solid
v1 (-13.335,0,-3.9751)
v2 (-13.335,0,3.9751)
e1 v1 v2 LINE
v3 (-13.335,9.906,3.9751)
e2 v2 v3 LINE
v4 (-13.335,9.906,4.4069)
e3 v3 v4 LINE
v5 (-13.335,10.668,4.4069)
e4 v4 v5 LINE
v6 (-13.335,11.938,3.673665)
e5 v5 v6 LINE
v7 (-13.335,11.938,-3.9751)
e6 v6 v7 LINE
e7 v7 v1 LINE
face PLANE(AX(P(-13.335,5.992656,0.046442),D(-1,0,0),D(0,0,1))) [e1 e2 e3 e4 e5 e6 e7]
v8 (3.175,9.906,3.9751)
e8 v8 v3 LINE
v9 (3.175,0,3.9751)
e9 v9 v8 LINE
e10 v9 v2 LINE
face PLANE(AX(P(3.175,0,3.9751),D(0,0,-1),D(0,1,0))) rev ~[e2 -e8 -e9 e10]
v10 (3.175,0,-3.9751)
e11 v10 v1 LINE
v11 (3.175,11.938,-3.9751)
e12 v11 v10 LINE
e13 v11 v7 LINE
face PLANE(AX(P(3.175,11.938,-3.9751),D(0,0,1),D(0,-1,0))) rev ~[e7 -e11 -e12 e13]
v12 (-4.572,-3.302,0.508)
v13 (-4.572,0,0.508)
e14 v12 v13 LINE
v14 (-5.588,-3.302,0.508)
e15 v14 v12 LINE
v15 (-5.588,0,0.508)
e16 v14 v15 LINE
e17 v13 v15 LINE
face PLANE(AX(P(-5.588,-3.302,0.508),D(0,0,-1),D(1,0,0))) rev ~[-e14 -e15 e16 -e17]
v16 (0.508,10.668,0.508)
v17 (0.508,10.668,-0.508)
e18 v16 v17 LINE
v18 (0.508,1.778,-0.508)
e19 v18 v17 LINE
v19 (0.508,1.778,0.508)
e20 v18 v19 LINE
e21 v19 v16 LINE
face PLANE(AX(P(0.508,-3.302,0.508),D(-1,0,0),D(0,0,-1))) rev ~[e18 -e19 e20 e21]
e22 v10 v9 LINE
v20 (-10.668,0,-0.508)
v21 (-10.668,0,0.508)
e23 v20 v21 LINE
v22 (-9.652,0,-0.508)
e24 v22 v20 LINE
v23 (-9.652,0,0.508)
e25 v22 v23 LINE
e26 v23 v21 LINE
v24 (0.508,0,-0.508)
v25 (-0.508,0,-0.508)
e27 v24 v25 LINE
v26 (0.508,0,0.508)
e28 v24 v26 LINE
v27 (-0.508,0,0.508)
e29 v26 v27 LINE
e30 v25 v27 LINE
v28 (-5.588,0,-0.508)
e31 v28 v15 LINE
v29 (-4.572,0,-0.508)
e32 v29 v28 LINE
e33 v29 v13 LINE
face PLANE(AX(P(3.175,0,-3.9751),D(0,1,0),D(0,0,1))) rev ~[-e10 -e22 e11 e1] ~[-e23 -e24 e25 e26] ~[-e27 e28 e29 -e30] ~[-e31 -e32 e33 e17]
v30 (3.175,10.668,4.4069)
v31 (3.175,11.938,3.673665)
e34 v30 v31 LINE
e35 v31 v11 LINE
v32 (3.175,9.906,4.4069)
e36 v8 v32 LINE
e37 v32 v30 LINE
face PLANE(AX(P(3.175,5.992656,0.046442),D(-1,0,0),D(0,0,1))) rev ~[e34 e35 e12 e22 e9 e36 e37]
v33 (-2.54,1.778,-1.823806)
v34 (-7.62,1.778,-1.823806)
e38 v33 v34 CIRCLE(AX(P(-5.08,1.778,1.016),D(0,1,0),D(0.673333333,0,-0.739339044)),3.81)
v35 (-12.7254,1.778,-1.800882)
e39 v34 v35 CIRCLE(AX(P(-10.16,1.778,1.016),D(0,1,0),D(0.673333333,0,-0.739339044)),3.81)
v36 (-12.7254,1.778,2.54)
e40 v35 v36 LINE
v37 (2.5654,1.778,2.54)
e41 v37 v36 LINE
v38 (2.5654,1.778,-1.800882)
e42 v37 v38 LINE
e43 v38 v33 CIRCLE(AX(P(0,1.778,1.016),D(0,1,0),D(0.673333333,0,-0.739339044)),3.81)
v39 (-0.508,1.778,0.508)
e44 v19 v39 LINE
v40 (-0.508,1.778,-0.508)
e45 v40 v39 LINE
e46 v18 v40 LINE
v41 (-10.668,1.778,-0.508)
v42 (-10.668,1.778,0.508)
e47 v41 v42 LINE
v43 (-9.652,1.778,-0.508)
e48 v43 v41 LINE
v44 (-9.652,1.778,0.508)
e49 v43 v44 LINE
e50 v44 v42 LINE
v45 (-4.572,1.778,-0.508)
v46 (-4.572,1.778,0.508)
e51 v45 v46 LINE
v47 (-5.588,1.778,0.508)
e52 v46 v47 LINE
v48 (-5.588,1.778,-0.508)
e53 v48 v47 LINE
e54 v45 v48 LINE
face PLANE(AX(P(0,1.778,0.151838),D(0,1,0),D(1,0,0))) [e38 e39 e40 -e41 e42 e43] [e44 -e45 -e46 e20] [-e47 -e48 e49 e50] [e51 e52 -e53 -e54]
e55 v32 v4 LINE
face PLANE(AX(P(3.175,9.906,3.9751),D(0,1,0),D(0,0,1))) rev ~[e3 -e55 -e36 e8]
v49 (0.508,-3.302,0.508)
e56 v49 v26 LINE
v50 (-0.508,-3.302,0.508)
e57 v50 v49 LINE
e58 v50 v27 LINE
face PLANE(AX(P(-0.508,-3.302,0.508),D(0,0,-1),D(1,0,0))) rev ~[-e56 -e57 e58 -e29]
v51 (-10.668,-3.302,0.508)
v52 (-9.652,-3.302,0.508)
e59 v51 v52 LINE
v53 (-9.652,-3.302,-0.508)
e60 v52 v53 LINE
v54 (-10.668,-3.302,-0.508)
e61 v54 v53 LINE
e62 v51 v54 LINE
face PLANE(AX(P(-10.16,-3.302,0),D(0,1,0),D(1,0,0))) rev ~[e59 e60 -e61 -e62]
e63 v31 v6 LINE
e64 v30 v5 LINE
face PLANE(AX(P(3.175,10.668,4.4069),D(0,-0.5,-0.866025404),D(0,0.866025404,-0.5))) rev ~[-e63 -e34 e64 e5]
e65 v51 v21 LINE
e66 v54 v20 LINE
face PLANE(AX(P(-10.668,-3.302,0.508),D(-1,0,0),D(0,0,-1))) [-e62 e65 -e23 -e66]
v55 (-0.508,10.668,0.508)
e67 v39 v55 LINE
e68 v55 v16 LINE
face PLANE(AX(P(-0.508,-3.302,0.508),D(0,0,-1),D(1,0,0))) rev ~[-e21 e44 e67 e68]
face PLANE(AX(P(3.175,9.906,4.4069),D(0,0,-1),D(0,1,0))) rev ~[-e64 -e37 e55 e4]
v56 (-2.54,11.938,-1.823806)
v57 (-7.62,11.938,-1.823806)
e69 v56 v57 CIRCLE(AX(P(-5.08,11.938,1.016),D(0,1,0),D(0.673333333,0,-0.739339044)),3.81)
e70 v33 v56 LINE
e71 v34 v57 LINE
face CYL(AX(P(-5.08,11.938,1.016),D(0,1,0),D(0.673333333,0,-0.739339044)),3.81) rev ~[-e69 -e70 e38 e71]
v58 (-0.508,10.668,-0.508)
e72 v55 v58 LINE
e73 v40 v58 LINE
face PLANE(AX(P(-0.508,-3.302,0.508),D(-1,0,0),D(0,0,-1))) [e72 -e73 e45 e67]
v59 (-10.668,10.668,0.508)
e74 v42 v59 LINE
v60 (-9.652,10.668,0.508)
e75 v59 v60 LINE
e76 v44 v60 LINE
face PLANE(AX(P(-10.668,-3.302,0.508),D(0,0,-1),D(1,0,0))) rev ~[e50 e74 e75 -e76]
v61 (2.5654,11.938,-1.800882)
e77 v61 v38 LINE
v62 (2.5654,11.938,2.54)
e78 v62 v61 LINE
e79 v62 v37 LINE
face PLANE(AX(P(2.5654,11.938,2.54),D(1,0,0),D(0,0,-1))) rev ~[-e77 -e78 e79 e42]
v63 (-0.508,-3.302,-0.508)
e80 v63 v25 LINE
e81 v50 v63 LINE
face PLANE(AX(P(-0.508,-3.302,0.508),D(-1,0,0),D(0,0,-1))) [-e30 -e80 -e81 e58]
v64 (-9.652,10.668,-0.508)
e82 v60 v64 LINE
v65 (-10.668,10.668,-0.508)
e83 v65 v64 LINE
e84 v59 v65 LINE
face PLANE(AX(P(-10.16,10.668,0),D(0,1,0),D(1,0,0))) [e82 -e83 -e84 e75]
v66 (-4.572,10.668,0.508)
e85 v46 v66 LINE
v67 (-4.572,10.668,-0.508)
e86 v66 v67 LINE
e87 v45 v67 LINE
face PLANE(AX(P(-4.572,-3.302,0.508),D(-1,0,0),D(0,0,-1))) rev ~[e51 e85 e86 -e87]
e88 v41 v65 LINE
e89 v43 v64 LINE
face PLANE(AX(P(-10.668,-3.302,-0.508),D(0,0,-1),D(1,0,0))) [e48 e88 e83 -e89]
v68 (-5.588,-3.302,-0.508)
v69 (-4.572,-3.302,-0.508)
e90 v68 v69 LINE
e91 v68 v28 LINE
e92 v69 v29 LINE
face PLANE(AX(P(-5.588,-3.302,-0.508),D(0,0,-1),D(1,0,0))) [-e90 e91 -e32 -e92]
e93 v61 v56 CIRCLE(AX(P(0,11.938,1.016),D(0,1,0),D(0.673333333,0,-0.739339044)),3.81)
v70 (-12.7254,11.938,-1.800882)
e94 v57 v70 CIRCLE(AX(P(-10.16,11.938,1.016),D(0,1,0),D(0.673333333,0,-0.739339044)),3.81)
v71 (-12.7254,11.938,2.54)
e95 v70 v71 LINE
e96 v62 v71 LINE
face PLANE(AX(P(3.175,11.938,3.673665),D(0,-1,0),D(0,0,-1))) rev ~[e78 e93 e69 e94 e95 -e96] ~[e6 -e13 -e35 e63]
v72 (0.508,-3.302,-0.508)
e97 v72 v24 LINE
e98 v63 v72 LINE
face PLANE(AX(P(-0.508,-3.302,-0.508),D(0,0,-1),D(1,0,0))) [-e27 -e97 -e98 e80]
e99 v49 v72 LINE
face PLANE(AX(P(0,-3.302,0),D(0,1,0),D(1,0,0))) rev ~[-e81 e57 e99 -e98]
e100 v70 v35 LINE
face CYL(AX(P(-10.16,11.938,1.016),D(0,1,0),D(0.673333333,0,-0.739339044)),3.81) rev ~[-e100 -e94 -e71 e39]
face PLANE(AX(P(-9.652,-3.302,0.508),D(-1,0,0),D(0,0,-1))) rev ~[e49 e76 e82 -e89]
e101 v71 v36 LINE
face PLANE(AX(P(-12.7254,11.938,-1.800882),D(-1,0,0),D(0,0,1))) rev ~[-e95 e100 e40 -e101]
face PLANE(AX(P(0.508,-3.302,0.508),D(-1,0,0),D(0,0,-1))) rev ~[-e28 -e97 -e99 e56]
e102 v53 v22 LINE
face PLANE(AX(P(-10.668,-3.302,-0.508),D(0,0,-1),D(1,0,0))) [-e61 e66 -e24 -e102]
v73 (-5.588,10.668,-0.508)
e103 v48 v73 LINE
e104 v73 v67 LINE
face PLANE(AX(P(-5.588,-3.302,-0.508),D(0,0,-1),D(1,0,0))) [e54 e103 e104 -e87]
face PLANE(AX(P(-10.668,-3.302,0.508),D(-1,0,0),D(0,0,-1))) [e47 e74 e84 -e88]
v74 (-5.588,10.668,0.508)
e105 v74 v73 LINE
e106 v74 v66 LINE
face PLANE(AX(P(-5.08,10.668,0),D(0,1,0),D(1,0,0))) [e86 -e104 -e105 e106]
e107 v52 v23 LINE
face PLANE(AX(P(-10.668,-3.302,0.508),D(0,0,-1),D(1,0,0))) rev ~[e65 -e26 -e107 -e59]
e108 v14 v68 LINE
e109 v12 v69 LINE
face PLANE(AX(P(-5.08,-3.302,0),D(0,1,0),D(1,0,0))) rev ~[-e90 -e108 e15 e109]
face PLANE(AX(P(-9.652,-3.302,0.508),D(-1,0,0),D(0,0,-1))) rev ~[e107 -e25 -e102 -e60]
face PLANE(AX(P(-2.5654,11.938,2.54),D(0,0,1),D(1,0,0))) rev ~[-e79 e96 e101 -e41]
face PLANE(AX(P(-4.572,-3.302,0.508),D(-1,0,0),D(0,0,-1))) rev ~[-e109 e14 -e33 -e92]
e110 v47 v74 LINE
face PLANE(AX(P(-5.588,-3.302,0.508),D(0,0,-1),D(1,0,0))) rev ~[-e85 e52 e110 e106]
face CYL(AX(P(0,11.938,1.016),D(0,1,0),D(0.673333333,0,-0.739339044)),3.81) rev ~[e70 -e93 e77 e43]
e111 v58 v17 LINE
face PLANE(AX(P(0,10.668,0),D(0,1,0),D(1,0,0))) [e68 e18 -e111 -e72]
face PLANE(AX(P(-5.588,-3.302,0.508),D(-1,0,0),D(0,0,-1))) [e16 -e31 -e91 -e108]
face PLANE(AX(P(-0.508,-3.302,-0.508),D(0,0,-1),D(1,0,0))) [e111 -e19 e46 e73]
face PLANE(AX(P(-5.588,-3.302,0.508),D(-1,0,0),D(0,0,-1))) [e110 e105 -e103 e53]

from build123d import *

# Parameters (mm, degrees)
EXTRUDE1_DEPTH     = 16.51
CUT_EXTRUDE1_DEPTH = 10.16
EXTRUDE2_START     = -3.302
SKETCH2_W          = 1.016
SKETCH2_H          = 1.016
EXTRUDE2_DEPTH     = 13.97
LPATTERN1_COUNT    = 3
LPATTERN1_PITCH    = 5.08


with BuildPart() as part:
    # Sketch1 → Extrude1 (new body)
    with BuildSketch(Plane(origin=(3.175, 0, 0), x_dir=(0, 0, -1), z_dir=(1, 0, 0))):
        Polygon((-3.9751, 0), (-3.9751, 9.906), (-4.4069, 9.906), (-4.4069, 10.668), (-3.673665158, 11.938), (3.9751, 11.938), (3.9751, 0), align=None)
    extrude(amount=-EXTRUDE1_DEPTH)

    # Sketch3 → Cut-Extrude1 (cut)
    with BuildSketch(Plane(origin=(0, 11.938, 0), x_dir=(1, 0, 0), z_dir=(0, 1, 0))):
        with BuildLine():
            Line((-2.5654, 1.800881758), (-2.5654, -2.54))
            Line((-2.5654, -2.54), (2.5654, -2.54))
            Line((2.5654, -2.54), (2.5654, 1.800881758))
            ThreePointArc((2.5654, 1.800881758), (0, 2.794), (-2.5654, 1.800881758))
        make_face()
    cut_extrude1 = extrude(amount=-CUT_EXTRUDE1_DEPTH, mode=Mode.SUBTRACT)

    # Sketch2 → Extrude2 (add)
    with BuildSketch(Plane(origin=(0, 0, 0), x_dir=(1, 0, 0), z_dir=(0, 1, 0)).offset(EXTRUDE2_START)):
        Rectangle(SKETCH2_W, SKETCH2_H)
    extrude2 = extrude(amount=EXTRUDE2_DEPTH)

    # LPattern1: Cut-Extrude1, Extrude2 ×3
    with Locations(*[(-i * LPATTERN1_PITCH, 0, 0) for i in range(1, LPATTERN1_COUNT)]):
        add(cut_extrude1, mode=Mode.SUBTRACT)
        add(extrude2)


solid = part.part
